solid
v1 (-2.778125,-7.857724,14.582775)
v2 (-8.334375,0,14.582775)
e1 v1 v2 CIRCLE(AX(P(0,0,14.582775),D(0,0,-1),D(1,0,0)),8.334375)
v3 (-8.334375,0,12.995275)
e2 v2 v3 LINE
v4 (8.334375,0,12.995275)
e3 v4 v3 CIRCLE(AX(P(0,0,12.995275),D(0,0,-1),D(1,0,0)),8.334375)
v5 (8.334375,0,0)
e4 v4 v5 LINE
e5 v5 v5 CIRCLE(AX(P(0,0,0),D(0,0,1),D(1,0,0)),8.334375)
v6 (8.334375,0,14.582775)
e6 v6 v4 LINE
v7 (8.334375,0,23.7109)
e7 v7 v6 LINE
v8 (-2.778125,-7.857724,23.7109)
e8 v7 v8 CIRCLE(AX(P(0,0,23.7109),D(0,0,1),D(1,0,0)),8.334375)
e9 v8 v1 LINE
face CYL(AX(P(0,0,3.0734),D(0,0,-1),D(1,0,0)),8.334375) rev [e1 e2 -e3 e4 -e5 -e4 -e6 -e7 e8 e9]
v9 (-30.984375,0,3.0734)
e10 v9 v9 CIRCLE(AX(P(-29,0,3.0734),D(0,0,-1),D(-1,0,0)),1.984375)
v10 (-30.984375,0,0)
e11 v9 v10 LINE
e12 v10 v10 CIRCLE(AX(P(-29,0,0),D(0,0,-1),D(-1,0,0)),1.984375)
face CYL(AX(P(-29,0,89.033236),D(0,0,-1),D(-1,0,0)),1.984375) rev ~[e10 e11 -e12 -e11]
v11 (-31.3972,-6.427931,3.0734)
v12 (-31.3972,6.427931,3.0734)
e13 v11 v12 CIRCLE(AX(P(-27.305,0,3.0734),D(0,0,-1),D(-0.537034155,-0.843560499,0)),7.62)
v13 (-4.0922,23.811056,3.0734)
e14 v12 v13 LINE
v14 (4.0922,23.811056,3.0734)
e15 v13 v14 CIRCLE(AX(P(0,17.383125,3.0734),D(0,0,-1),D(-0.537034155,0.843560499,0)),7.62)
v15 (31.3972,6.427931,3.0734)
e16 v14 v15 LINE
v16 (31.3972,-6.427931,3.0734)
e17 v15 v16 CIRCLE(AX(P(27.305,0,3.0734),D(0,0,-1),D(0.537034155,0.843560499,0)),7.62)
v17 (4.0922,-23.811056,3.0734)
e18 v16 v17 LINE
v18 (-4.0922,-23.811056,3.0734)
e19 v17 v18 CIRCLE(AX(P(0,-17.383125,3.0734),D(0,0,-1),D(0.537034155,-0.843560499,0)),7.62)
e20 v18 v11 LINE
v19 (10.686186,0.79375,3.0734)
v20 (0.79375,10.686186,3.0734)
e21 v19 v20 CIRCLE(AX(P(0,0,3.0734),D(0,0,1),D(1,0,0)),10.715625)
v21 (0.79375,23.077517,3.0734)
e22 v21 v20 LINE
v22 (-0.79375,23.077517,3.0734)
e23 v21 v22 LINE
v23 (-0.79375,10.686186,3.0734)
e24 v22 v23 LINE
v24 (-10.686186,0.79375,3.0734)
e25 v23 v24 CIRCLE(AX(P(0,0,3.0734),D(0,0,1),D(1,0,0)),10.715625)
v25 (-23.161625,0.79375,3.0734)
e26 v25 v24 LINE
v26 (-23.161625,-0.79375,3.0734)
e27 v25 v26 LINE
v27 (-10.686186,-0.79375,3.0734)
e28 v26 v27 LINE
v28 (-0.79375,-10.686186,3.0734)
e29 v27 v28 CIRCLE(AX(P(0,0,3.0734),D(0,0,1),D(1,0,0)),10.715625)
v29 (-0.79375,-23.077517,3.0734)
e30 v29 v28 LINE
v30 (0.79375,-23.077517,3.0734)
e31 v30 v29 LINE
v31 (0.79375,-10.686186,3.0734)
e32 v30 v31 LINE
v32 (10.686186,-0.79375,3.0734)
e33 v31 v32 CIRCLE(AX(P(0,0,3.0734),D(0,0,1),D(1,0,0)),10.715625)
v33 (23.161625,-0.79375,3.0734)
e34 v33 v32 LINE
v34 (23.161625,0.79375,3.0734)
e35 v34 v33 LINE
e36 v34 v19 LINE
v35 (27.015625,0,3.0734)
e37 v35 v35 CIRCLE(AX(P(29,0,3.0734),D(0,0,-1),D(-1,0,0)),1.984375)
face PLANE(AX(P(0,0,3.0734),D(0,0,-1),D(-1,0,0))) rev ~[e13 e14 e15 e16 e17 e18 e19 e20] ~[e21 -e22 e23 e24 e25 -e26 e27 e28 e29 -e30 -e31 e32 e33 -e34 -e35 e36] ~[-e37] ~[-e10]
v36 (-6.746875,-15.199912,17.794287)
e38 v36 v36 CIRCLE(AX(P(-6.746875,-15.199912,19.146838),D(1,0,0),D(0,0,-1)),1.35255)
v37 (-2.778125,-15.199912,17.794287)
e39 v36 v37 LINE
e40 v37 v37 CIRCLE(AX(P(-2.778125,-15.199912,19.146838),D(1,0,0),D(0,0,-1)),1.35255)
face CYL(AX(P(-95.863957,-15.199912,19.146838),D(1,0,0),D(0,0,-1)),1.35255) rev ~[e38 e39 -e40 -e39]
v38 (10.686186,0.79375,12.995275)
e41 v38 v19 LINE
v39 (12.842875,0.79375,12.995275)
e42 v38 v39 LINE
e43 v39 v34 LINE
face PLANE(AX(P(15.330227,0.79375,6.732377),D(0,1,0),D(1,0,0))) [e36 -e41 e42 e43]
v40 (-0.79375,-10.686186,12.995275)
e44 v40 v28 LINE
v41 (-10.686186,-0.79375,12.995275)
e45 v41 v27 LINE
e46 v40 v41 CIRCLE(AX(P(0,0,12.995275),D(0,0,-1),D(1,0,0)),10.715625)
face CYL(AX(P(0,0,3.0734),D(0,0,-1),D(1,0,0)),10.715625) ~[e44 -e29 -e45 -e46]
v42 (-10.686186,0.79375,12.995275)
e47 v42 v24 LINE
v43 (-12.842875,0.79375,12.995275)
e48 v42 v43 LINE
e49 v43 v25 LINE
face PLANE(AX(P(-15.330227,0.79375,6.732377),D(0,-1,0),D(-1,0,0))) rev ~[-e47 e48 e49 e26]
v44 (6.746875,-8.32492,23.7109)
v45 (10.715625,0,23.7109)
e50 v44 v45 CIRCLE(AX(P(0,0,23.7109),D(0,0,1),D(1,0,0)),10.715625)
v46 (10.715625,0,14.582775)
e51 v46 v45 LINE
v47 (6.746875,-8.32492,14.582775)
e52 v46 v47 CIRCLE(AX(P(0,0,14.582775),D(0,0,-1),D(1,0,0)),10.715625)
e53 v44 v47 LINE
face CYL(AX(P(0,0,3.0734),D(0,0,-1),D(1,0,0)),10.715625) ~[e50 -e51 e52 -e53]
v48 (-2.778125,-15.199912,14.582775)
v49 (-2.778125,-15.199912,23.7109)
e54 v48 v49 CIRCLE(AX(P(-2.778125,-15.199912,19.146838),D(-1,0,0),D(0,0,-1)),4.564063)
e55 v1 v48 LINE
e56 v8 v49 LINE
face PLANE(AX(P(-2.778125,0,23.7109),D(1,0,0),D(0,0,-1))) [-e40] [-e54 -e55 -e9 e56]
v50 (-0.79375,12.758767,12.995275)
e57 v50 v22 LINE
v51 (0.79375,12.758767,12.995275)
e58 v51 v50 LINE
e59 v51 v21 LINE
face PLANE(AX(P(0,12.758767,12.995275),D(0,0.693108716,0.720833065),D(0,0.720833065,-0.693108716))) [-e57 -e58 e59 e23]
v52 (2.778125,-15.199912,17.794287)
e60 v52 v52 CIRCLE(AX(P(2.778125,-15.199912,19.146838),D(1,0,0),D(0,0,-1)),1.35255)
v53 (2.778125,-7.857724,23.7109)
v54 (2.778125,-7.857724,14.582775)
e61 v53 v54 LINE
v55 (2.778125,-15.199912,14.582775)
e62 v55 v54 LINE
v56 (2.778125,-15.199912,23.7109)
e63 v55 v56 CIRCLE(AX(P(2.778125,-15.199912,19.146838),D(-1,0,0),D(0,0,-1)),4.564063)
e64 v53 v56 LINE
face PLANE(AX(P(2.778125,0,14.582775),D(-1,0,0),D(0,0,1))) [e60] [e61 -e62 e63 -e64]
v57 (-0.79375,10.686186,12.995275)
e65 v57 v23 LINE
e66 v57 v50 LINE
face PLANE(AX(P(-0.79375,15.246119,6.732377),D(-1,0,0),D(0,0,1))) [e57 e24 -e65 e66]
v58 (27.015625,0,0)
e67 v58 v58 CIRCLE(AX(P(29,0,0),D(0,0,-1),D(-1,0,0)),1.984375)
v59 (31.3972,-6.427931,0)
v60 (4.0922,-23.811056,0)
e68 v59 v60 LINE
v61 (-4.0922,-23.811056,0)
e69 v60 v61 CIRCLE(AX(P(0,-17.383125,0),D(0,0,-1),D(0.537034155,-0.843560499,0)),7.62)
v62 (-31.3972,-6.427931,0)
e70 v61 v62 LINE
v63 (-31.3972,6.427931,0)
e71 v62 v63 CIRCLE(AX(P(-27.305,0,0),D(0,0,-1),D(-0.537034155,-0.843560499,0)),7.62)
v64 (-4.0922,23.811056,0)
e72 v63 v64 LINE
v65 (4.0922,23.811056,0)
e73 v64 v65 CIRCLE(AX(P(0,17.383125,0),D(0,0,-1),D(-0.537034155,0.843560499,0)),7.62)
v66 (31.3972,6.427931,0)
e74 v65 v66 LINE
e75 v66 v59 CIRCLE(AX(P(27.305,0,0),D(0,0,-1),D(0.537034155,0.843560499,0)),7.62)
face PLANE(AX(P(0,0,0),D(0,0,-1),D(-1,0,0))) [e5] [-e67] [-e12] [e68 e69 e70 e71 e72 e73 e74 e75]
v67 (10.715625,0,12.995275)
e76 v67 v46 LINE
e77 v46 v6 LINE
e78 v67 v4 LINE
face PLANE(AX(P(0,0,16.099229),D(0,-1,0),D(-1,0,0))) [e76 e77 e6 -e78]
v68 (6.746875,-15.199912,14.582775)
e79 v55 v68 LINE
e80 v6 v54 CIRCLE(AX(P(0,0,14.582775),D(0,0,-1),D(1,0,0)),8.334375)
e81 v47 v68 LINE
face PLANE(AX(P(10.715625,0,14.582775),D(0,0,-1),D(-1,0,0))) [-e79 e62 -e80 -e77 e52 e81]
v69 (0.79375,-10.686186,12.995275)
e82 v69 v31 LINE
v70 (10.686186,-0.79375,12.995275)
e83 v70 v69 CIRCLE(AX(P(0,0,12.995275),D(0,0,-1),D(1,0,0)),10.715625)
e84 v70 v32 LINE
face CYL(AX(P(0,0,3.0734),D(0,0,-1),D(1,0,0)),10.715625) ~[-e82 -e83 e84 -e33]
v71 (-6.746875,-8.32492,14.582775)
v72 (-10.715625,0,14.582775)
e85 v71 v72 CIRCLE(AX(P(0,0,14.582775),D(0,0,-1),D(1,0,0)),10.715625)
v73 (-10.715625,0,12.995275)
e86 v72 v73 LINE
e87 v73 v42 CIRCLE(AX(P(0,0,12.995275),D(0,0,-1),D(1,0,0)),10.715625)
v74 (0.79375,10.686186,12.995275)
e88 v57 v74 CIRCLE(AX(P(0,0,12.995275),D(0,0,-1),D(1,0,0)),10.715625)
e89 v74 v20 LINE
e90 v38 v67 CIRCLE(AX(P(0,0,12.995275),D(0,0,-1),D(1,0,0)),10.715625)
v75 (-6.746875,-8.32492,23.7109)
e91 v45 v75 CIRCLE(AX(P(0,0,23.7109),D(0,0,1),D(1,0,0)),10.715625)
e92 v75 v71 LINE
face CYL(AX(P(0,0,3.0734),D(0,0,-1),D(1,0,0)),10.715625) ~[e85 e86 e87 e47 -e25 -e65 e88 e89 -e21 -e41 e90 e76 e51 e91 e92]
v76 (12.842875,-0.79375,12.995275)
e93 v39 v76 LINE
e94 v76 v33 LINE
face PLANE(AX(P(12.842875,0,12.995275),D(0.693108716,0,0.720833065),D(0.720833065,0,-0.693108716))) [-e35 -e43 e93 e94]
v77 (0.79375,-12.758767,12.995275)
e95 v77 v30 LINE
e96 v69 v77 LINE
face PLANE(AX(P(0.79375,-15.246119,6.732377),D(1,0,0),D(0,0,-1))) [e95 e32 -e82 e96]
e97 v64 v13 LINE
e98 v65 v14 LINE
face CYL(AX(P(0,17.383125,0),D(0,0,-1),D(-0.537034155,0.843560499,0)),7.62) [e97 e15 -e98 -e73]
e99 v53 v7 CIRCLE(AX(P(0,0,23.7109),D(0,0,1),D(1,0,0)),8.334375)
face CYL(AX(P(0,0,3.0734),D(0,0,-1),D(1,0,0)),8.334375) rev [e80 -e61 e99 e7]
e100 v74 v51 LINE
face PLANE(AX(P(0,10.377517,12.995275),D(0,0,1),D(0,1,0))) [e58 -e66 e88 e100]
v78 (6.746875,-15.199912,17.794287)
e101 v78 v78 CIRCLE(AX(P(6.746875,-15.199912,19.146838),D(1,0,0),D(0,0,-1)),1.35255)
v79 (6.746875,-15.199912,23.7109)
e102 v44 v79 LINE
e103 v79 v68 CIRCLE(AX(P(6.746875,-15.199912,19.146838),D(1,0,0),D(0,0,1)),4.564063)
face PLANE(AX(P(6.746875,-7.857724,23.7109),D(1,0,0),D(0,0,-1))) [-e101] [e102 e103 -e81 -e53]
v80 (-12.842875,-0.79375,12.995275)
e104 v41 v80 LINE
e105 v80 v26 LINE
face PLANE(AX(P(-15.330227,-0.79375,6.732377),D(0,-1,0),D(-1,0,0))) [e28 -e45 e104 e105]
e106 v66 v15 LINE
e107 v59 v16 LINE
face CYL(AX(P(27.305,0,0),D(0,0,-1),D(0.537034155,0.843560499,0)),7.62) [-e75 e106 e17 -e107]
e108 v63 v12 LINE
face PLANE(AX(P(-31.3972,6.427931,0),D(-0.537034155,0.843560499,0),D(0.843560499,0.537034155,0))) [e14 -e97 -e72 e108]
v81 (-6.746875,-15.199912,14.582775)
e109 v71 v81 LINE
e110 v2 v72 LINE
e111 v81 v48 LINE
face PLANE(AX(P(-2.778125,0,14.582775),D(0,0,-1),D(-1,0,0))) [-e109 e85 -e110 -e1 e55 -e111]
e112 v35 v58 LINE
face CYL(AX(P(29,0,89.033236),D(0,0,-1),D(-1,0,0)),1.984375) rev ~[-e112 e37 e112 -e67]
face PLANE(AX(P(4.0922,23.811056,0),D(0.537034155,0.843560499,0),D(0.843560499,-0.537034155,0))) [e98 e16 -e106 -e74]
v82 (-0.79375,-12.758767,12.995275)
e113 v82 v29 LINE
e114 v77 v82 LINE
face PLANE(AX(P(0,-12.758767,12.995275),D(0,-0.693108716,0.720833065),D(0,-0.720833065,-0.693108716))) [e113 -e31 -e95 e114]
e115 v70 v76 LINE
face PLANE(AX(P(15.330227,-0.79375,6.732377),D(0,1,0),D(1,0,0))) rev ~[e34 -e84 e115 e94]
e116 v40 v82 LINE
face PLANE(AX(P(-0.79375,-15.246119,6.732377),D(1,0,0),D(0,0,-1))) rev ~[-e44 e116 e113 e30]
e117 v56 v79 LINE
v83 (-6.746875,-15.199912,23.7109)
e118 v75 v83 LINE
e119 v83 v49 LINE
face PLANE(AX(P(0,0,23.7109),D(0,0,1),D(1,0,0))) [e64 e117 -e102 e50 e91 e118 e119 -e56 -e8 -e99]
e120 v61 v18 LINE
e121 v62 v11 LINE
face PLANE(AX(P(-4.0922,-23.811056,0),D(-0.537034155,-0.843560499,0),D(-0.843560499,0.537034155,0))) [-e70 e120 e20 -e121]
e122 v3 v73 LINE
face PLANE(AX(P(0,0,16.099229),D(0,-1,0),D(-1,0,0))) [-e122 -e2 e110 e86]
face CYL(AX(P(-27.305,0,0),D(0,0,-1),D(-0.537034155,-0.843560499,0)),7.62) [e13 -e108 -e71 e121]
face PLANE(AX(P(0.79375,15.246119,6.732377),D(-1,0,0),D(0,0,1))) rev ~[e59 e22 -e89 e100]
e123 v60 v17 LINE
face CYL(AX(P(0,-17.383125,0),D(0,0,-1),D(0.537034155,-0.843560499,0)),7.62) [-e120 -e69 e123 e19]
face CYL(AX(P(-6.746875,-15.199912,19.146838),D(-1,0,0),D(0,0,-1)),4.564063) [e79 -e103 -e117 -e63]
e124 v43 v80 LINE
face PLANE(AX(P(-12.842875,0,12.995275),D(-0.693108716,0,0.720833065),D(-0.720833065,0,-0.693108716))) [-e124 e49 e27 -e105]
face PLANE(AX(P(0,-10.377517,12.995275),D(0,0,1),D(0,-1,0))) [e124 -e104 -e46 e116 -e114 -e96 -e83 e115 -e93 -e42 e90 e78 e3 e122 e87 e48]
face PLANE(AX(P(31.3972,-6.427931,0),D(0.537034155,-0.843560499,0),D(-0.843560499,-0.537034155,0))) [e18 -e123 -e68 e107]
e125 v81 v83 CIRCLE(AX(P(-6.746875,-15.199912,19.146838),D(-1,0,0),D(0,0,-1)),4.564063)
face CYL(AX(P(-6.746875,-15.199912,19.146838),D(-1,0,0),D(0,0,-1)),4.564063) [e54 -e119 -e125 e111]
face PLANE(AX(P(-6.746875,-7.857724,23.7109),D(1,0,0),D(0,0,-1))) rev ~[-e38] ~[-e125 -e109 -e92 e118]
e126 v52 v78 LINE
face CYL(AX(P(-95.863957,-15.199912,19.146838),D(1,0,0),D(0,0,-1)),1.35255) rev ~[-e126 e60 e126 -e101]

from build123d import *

# Parameters (mm, degrees)
SKETCH1_R             = 8.334375
BOSS_EXTRUDE1_DEPTH   = 3.0734
F_6_CLEARANCE_HOLE1_D = 3.96875
SKETCH4_R             = 10.715625
SKETCH4_R_2           = 8.334375
BOSS_EXTRUDE2_DEPTH   = 20.6375
CUT_EXTRUDE1_DEPTH    = 26.003125
SKETCH7_W             = 3.96875
SKETCH7_H             = 9.128125
BOSS_EXTRUDE3_DEPTH   = 11.90625
CUT_EXTRUDE2_DEPTH    = 42.671875
F_2_CLEARANCE_HOLE1_D = 2.7051
BOSS_EXTRUDE7_DEPTH   = 0.79375
BOSS_EXTRUDE8_DEPTH   = 0.79375


with BuildPart() as part:
    # Sketch1 → Boss-Extrude1 (new body)
    with BuildSketch(Plane.XY):
        with BuildLine():
            Line((-31.397200262, 6.427931006), (-4.092200262, 23.811056006))
            ThreePointArc((-4.092200262, 23.811056006), (0, 25.003125), (4.092200262, 23.811056006))
            Line((4.092200262, 23.811056006), (31.397200262, 6.427931006))
            ThreePointArc((31.397200262, 6.427931006), (34.925, 0), (31.397200262, -6.427931006))
            Line((31.397200262, -6.427931006), (4.092200262, -23.811056006))
            ThreePointArc((4.092200262, -23.811056006), (0, -25.003125), (-4.092200262, -23.811056006))
            Line((-4.092200262, -23.811056006), (-31.397200262, -6.427931006))
            ThreePointArc((-31.397200262, -6.427931006), (-34.925, 0), (-31.397200262, 6.427931006))
        make_face()
        Circle(SKETCH1_R, mode=Mode.SUBTRACT)
    extrude(amount=BOSS_EXTRUDE1_DEPTH)

    # #6 Clearance Hole1 (through all)
    with Locations(Plane.XY.offset(3.0734)):
        with Locations((-29, 0), (29, 0)):
            Hole(F_6_CLEARANCE_HOLE1_D / 2)

    # Sketch4 → Boss-Extrude2 (add)
    with BuildSketch(Plane.XY.offset(3.0734)):
        Circle(SKETCH4_R)
        Circle(SKETCH4_R_2, mode=Mode.SUBTRACT)
    extrude(amount=BOSS_EXTRUDE2_DEPTH)

    # Sketch6 → Cut-Extrude1 (cut, through all)
    with BuildSketch(Plane(origin=(0, 0, 0), x_dir=(1, 0, 0), z_dir=(0, 1, 0))):
        Polygon((-10.715625, -12.995275), (10.715625, -12.995275), (10.715625, -14.582775), (2.778125, -14.582775), (2.778125, -23.7109), (-2.778125, -23.7109), (-2.778125, -14.582775), (-10.715625, -14.582775), align=None)
    extrude(amount=-CUT_EXTRUDE1_DEPTH, mode=Mode.SUBTRACT)

    # Sketch7 → Boss-Extrude3 (add)
    with BuildSketch(Plane(origin=(0, -7.857724106, 0), x_dir=(1, 0, 0), z_dir=(0, 1, 0))):
        with Locations((-4.7625, -19.1468375)):
            Rectangle(SKETCH7_W, SKETCH7_H)
        with Locations((4.7625, -19.1468375)):
            Rectangle(SKETCH7_W, SKETCH7_H)
    extrude(amount=-BOSS_EXTRUDE3_DEPTH)

    # Sketch8 → Cut-Extrude2 (cut, through all)
    with BuildSketch(Plane.ZY.offset(6.746875)):
        with BuildLine():
            Line((23.7109, -15.199911606), (23.7109, -21.050205541))
            Line((23.7109, -21.050205541), (14.582775, -21.050205541))
            Line((14.582775, -21.050205541), (14.582775, -15.199911606))
            ThreePointArc((14.582775, -15.199911606), (19.1468375, -19.763974106), (23.7109, -15.199911606))
        make_face()
    extrude(amount=-CUT_EXTRUDE2_DEPTH, mode=Mode.SUBTRACT)

    # #2 Clearance Hole1 (through all)
    with Locations(Plane.ZY.offset(6.746875)):
        with Locations((19.1468375, -15.199911606)):
            Hole(F_2_CLEARANCE_HOLE1_D / 2)

    # Sketch11 → Boss-Extrude7 (add, symmetric)
    with BuildSketch(Plane(origin=(0, 0, 0), x_dir=(1, 0, 0), z_dir=(0, 1, 0))):
        Polygon((-10.461625, -12.995275), (-12.842875, -12.995275), (-23.161625, -3.0734), (-10.461625, -3.0734), align=None)
        Polygon((23.161625, -3.0734), (10.461625, -3.0734), (10.461625, -12.995275), (12.842875, -12.995275), align=None)
    extrude(amount=BOSS_EXTRUDE7_DEPTH, both=True)

    # Sketch13 → Boss-Extrude8 (add, symmetric)
    with BuildSketch(Plane(origin=(0, 0, 0), x_dir=(0, 0, -1), z_dir=(1, 0, 0))):
        Polygon((-12.995275, 10.377516644), (-12.995275, 12.758766644), (-3.0734, 23.077516644), (-3.0734, 10.377516644), align=None)
        Polygon((-3.0734, -23.077516644), (-3.0734, -10.377516644), (-12.995275, -10.377516644), (-12.995275, -12.758766644), align=None)
    extrude(amount=BOSS_EXTRUDE8_DEPTH, both=True)


solid = part.part
